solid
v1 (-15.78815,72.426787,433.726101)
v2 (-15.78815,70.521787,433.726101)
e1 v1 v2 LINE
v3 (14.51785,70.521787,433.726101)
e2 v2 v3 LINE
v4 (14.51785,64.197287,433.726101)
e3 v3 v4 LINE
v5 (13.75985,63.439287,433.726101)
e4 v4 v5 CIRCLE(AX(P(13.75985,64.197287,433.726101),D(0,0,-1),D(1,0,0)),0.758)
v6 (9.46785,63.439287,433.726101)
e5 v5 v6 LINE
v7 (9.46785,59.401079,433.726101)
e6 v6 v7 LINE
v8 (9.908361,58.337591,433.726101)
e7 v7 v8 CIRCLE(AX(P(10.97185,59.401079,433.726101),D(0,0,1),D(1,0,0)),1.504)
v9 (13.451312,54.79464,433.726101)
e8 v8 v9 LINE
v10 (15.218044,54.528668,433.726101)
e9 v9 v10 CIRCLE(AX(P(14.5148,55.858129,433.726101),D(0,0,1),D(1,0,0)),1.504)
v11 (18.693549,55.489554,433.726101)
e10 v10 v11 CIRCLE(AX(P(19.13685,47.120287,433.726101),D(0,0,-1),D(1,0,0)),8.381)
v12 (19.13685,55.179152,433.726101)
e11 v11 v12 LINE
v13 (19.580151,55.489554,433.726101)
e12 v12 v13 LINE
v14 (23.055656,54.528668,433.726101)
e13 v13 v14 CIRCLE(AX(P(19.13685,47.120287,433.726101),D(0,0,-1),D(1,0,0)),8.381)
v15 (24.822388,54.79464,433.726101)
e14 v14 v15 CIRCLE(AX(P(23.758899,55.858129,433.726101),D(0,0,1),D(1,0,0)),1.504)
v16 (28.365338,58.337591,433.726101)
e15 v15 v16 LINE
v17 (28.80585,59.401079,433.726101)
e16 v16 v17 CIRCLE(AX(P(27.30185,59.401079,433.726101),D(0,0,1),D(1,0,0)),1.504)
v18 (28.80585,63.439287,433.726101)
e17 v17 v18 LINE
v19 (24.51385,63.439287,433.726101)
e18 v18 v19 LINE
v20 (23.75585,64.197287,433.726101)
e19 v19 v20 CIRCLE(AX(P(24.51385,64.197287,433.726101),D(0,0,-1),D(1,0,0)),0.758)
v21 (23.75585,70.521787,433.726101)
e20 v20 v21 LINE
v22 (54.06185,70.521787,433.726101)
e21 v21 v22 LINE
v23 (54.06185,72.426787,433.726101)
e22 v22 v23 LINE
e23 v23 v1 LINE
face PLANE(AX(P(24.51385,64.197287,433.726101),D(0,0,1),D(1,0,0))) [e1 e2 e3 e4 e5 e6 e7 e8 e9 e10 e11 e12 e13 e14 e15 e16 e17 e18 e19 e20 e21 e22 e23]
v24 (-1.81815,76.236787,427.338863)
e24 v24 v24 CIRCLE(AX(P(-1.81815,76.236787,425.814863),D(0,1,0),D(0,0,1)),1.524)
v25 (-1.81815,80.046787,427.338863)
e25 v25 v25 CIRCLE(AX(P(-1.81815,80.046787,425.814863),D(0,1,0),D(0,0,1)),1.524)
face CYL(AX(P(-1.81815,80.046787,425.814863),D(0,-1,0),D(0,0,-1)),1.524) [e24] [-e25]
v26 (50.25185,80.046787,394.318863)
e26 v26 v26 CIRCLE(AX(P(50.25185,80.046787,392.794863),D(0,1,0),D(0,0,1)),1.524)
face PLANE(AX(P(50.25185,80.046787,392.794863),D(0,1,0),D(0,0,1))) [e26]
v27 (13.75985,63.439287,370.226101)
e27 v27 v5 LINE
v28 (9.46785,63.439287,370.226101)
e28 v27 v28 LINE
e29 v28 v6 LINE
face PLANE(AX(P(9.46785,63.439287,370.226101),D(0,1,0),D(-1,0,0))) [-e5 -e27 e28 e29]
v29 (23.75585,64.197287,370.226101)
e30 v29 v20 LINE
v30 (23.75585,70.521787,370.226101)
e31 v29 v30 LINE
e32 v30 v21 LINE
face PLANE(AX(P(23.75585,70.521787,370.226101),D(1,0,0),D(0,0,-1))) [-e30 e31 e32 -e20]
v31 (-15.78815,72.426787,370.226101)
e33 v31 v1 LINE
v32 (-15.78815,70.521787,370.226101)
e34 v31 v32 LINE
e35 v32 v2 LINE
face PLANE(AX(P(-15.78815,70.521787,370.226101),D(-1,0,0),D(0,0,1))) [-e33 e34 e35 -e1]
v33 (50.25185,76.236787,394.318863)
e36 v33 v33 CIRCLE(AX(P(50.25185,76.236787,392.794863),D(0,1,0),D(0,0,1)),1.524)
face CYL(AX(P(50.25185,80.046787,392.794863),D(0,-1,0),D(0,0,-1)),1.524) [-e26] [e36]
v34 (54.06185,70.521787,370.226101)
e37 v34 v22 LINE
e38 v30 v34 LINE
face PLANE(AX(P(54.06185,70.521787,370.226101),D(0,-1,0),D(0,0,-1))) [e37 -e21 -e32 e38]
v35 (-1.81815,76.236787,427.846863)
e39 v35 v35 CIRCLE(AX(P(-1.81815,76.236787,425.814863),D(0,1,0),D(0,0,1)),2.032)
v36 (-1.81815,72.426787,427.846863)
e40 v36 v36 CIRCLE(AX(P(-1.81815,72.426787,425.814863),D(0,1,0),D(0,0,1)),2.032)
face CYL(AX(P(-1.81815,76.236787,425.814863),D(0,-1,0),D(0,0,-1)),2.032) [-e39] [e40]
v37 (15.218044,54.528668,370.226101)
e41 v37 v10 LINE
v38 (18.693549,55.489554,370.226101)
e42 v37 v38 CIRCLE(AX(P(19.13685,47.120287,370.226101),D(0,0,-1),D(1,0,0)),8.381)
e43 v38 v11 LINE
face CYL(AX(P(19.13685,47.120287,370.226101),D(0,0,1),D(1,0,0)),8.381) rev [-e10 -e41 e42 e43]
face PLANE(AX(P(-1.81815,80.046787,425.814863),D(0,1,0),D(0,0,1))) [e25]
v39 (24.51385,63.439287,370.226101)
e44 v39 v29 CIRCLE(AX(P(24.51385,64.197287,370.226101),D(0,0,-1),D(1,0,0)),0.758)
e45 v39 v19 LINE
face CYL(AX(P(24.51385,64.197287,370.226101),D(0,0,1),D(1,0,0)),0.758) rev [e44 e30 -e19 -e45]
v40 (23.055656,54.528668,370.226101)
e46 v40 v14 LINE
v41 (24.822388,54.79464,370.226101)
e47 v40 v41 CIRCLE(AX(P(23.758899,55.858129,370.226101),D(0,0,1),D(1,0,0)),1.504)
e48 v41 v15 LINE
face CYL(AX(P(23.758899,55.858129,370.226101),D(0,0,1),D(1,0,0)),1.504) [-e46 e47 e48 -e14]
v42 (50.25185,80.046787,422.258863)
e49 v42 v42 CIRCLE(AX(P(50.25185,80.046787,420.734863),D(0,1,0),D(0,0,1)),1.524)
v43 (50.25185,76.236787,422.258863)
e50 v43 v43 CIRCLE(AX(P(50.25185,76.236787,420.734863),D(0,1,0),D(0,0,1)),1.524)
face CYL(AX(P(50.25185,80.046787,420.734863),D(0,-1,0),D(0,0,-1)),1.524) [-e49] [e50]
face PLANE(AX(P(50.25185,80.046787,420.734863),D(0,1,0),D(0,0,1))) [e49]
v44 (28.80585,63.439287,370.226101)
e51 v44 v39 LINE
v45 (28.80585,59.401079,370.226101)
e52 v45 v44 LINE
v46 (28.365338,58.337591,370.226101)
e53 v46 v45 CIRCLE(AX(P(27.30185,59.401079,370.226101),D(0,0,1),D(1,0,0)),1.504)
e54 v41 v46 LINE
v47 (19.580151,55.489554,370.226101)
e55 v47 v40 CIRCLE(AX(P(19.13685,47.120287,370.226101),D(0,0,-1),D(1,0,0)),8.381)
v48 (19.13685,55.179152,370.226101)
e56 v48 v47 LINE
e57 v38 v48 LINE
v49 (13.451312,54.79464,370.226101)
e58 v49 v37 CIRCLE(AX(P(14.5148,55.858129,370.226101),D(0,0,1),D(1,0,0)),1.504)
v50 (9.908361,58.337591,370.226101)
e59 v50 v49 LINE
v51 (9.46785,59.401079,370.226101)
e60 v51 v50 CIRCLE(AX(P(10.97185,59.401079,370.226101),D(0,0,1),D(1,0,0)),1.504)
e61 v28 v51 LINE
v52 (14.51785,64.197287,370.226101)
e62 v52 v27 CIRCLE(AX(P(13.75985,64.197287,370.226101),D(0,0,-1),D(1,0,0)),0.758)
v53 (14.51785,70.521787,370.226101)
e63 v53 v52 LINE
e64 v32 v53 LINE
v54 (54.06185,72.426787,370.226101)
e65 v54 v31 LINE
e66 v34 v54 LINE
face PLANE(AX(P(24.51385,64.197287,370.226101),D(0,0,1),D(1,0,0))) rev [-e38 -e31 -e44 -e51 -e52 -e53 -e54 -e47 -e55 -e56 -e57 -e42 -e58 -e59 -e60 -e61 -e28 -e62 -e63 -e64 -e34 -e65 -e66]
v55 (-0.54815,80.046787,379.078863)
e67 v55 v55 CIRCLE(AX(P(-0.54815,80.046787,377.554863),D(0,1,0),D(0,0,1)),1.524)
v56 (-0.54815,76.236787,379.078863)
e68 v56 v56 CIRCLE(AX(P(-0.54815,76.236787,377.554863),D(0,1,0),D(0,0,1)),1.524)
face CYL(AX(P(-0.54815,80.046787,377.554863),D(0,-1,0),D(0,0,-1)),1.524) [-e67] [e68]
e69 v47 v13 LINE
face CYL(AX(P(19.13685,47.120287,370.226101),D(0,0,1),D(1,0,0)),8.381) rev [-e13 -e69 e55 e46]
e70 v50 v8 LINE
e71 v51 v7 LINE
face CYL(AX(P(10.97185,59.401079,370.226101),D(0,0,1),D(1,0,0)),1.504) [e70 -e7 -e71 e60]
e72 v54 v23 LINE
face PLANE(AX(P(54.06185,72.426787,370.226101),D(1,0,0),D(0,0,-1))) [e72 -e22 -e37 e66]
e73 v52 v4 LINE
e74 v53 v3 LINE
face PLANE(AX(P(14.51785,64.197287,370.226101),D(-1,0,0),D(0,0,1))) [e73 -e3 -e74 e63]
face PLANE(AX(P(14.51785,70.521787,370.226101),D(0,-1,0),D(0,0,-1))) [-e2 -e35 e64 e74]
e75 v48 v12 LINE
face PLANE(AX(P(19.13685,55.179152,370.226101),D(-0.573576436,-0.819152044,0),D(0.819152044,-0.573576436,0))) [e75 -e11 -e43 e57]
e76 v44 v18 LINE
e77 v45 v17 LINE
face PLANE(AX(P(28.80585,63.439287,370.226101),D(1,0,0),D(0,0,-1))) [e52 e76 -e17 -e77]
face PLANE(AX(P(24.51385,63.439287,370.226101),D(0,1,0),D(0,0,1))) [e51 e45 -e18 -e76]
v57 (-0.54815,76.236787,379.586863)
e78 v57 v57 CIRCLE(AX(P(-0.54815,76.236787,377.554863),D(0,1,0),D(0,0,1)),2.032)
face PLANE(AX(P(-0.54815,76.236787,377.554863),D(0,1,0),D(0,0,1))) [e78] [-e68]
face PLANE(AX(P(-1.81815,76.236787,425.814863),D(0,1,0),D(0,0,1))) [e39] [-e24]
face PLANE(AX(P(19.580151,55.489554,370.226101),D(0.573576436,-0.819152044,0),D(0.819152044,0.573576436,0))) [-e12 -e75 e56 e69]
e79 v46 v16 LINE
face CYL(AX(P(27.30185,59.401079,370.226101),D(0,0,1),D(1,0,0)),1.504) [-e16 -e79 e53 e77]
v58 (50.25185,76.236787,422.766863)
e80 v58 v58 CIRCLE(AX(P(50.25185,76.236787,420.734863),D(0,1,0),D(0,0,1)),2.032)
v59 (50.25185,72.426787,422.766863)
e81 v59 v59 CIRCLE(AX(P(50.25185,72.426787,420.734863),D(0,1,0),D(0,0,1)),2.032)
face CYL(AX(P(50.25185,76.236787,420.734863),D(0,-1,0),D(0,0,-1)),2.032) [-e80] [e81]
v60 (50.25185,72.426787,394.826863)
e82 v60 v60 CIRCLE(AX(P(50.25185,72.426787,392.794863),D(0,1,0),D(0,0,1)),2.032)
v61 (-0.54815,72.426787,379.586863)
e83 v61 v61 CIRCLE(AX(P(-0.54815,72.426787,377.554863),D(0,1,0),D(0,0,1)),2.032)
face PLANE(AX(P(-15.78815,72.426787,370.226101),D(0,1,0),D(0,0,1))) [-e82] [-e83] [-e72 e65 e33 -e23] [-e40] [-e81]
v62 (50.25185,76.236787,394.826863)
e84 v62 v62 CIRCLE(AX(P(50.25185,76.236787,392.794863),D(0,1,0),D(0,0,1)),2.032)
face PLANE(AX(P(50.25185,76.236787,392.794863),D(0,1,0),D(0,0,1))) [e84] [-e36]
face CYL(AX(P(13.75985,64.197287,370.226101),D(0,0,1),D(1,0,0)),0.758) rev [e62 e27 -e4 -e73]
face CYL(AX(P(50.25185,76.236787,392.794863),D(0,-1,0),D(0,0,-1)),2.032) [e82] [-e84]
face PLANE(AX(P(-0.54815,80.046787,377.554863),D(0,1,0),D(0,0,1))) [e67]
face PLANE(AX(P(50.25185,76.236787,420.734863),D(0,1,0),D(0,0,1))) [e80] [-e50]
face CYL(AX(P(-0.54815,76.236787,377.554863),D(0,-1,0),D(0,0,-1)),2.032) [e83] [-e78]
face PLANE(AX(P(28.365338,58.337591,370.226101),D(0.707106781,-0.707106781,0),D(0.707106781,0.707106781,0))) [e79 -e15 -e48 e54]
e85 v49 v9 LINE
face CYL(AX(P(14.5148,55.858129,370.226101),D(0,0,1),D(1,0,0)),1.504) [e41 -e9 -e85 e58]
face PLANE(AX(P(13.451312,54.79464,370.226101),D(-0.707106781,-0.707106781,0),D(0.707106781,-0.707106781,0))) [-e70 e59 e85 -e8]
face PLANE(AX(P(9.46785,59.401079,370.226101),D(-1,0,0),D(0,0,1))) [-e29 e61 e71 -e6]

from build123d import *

# Parameters (mm, degrees)
BOSS_EXTRUDE1_DEPTH = 63.5
SKETCH3_R           = 1.524
BOSS_EXTRUDE2_DEPTH = 7.62
SKETCH4_R           = 2.032
BOSS_EXTRUDE3_DEPTH = 3.81


with BuildPart() as part:
    # Sketch1 → Boss-Extrude1 (new body)
    with BuildSketch(Plane.XY.offset(433.726101294)):
        with BuildLine():
            Line((12.262790096, 63.439286549), (12.817159361, 63.439286549))
            Line((12.817159361, 63.439286549), (13.759849728, 63.439286549))
            ThreePointArc((13.759849728, 63.439286549), (14.295836668, 63.661299609), (14.517849728, 64.197286549))
            Line((14.517849728, 64.197286549), (14.517849728, 67.981786549))
            Line((14.517849728, 67.981786549), (14.517849728, 70.521786549))
            Line((14.517849728, 70.521786549), (-15.788150272, 70.521786549))
            Line((-15.788150272, 70.521786549), (-15.788150272, 72.426786549))
            Line((-15.788150272, 72.426786549), (54.061849728, 72.426786549))
            Line((54.061849728, 72.426786549), (54.061849728, 70.521786549))
            Line((54.061849728, 70.521786549), (23.755849728, 70.521786549))
            Line((23.755849728, 70.521786549), (23.755849728, 67.981786549))
            Line((23.755849728, 67.981786549), (23.755849728, 64.197286549))
            ThreePointArc((23.755849728, 64.197286549), (23.977862788, 63.661299609), (24.513849728, 63.439286549))
            Line((24.513849728, 63.439286549), (28.805849728, 63.439286549))
            Line((28.805849728, 63.439286549), (28.805849728, 59.401079114))
            ThreePointArc((28.805849728, 59.401079114), (28.691364545, 58.825523232), (28.365338327, 58.337590516))
            Line((28.365338327, 58.337590516), (24.822387807, 54.794639996))
            ThreePointArc((24.822387807, 54.794639996), (23.982795062, 54.370887307), (23.055655666, 54.528668358))
            ThreePointArc((23.055655666, 54.528668358), (21.370192512, 55.198240561), (19.580150838, 55.489554446))
            Line((19.580150838, 55.489554446), (19.136849728, 55.179151668))
            Line((19.136849728, 55.179151668), (18.693548619, 55.489554446))
            ThreePointArc((18.693548619, 55.489554446), (16.903506945, 55.198240561), (15.218043791, 54.528668358))
            ThreePointArc((15.218043791, 54.528668358), (14.290904395, 54.370887307), (13.451311649, 54.794639996))
            Line((13.451311649, 54.794639996), (9.908361129, 58.337590516))
            ThreePointArc((9.908361129, 58.337590516), (9.582334911, 58.825523232), (9.467849728, 59.401079114))
            Line((9.467849728, 59.401079114), (9.467849728, 63.439286549))
            Line((9.467849728, 63.439286549), (12.262790096, 63.439286549))
        make_face()
    extrude(amount=-BOSS_EXTRUDE1_DEPTH)

    # Sketch3 → Boss-Extrude2 (add)
    with BuildSketch(Plane(origin=(0, 72.426786549, 0), x_dir=(1, 0, 0), z_dir=(0, 1, 0))):
        with Locations((-0.548150272, -377.554863046)):
            Circle(SKETCH3_R)
        with Locations((50.251849728, -392.794863046)):
            Circle(SKETCH3_R)
        with Locations((50.251849728, -420.734863046)):
            Circle(SKETCH3_R)
        with Locations((-1.818150272, -425.814863046)):
            Circle(SKETCH3_R)
    extrude(amount=BOSS_EXTRUDE2_DEPTH)

    # Sketch4 → Boss-Extrude3 (add)
    with BuildSketch(Plane(origin=(0, 72.426786549, 0), x_dir=(1, 0, 0), z_dir=(0, 1, 0))):
        with Locations((-0.548150272, -377.554863046)):
            Circle(SKETCH4_R)
        with Locations((50.251849728, -392.794863046)):
            Circle(SKETCH4_R)
        with Locations((50.251849728, -420.734863046)):
            Circle(SKETCH4_R)
        with Locations((-1.818150272, -425.814863046)):
            Circle(SKETCH4_R)
    extrude(amount=BOSS_EXTRUDE3_DEPTH)


solid = part.part
